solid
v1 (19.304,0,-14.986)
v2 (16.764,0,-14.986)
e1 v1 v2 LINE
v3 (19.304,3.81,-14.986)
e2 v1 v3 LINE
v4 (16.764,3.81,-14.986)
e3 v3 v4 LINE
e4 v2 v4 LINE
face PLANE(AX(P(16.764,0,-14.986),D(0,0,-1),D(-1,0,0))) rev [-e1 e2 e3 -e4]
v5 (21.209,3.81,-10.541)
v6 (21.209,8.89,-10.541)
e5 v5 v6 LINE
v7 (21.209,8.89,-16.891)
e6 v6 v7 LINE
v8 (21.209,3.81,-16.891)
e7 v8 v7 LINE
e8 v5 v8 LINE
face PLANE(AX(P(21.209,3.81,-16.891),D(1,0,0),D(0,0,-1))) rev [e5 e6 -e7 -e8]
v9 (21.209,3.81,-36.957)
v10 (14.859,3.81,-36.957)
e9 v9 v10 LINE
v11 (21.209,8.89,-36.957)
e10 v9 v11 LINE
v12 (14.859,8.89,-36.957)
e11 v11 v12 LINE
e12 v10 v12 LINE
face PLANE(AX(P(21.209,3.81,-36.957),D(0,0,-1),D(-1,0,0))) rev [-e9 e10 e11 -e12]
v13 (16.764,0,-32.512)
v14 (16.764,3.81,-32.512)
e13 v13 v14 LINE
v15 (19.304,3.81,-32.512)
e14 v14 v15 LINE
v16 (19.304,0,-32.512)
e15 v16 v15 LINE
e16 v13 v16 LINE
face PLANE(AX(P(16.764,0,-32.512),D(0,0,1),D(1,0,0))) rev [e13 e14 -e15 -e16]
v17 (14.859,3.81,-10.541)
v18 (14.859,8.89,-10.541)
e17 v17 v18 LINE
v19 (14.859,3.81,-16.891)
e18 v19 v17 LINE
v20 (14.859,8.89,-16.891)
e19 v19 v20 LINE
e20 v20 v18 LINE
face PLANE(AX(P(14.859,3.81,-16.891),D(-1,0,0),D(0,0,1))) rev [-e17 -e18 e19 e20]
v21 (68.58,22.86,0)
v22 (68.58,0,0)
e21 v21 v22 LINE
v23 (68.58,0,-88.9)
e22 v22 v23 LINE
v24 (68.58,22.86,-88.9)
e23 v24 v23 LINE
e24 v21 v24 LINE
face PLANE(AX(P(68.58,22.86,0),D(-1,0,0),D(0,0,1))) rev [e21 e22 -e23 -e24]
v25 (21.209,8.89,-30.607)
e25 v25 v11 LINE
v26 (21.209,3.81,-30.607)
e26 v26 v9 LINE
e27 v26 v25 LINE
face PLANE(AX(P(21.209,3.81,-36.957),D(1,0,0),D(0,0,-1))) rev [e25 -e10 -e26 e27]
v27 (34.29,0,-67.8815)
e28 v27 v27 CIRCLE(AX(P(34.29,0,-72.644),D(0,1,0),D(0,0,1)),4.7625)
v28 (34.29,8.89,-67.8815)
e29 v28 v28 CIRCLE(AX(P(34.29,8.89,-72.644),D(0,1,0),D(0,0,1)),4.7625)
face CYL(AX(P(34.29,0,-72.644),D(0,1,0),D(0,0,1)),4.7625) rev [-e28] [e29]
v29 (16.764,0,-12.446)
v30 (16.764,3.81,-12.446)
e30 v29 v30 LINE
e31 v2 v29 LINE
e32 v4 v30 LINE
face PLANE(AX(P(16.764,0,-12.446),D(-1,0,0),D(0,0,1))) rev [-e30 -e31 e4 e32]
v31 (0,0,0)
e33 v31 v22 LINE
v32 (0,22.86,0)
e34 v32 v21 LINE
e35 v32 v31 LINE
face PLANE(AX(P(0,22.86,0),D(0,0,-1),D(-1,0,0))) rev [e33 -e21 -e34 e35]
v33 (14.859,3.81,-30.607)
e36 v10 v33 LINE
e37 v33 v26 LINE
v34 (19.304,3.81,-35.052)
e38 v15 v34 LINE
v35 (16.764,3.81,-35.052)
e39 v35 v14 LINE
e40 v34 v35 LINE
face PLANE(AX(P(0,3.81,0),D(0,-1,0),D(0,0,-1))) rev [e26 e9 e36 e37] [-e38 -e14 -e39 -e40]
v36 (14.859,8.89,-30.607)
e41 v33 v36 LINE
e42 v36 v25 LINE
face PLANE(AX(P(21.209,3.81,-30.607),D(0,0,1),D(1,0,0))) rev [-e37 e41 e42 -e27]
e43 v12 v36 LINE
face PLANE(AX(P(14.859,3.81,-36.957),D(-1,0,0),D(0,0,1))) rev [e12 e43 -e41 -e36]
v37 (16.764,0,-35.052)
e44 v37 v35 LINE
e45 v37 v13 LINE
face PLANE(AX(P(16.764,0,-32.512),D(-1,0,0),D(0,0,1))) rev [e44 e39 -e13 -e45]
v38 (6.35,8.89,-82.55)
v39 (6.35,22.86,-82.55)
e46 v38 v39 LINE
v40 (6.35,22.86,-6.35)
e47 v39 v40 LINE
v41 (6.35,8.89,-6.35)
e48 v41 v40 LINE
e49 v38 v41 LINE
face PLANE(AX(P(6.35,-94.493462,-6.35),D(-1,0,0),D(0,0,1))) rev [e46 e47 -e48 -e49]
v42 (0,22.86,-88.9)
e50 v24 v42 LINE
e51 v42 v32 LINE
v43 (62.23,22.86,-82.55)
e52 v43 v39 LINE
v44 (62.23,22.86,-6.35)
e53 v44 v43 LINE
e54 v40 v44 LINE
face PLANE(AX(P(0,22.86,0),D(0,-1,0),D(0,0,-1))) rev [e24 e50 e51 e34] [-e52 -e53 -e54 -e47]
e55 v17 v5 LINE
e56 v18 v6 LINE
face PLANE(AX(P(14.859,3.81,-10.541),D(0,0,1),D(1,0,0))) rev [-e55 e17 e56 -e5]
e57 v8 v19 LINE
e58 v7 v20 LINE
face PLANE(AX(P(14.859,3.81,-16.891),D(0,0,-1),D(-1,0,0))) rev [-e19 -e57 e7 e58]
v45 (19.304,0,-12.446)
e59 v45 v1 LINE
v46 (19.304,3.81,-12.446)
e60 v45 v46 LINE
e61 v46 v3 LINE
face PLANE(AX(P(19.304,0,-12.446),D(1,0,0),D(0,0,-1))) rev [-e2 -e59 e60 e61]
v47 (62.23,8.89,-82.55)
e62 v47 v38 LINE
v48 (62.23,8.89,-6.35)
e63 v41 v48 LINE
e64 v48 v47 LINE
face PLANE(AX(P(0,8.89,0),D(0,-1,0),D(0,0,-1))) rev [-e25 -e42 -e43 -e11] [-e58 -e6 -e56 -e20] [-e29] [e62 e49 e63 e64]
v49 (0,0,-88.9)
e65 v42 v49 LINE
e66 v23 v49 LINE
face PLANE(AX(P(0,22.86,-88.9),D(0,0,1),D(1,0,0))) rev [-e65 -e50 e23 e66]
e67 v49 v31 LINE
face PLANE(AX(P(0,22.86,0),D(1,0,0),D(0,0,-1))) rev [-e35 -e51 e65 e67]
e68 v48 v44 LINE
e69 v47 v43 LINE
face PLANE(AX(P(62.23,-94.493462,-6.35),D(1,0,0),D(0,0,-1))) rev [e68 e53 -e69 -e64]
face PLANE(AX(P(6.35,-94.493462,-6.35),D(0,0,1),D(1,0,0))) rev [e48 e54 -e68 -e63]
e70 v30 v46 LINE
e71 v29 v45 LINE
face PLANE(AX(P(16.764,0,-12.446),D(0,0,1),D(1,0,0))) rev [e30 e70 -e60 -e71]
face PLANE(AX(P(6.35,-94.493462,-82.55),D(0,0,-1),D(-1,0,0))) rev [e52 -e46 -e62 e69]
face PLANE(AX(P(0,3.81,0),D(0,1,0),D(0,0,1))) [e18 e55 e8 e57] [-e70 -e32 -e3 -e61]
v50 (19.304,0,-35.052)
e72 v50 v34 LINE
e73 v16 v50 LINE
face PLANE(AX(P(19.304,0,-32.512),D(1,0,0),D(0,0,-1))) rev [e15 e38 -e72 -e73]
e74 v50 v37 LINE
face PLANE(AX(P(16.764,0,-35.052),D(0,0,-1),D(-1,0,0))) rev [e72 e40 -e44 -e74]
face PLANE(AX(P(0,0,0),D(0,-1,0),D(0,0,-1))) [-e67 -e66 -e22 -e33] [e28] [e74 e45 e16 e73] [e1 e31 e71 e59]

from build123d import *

# Parameters (mm, degrees)
SKETCH1_W           = 68.58
SKETCH1_H           = 88.9
BOSS_EXTRUDE1_DEPTH = 22.86
SKETCH2_W           = 55.88
SKETCH2_H           = 76.2
CUT_EXTRUDE1_DEPTH  = 13.97
SKETCH6_W           = 6.35
SKETCH6_H           = 6.35
CUT_EXTRUDE3_DEPTH  = 5.08
SKETCH7_W           = 2.54
SKETCH7_H           = 2.54
CUT_EXTRUDE4_DEPTH  = 114.882961412
SKETCH5_R           = 4.7625
CUT_EXTRUDE5_DEPTH  = 114.144099714


with BuildPart() as part:
    # Sketch1 → Boss-Extrude1 (new body)
    with BuildSketch(Plane(origin=(0, 0, 0), x_dir=(1, 0, 0), z_dir=(0, 1, 0))):
        with Locations((34.29, 44.45)):
            Rectangle(SKETCH1_W, SKETCH1_H)
    extrude(amount=BOSS_EXTRUDE1_DEPTH)

    # Sketch2 → Cut-Extrude1 (cut)
    with BuildSketch(Plane(origin=(0, 22.86, 0), x_dir=(1, 0, 0), z_dir=(0, 1, 0))):
        with Locations((34.29, 44.45)):
            Rectangle(SKETCH2_W, SKETCH2_H)
    extrude(amount=-CUT_EXTRUDE1_DEPTH, mode=Mode.SUBTRACT)

    # Sketch6 → Cut-Extrude3 (cut)
    with BuildSketch(Plane(origin=(0, 8.89, 0), x_dir=(1, 0, 0), z_dir=(0, 1, 0))):
        with Locations((18.034, 33.782)):
            Rectangle(SKETCH6_W, SKETCH6_H)
        with Locations((18.034, 13.716)):
            Rectangle(SKETCH6_W, SKETCH6_H)
    extrude(amount=-CUT_EXTRUDE3_DEPTH, mode=Mode.SUBTRACT)

    # Sketch7 → Cut-Extrude4 (cut, through all)
    with BuildSketch(Plane(origin=(0, 3.81, 0), x_dir=(1, 0, 0), z_dir=(0, 1, 0))):
        with Locations((18.034, 33.782)):
            Rectangle(SKETCH7_W, SKETCH7_H)
        with Locations((18.034, 13.716)):
            Rectangle(SKETCH7_W, SKETCH7_H)
    extrude(amount=-CUT_EXTRUDE4_DEPTH, mode=Mode.SUBTRACT)

    # Sketch5 → Cut-Extrude5 (cut, through all)
    with BuildSketch(Plane(origin=(0, 8.89, 0), x_dir=(1, 0, 0), z_dir=(0, 1, 0))):
        with Locations(Location((34.29, 72.644, 0), (0, 0, 270))):
            Circle(SKETCH5_R)
    extrude(amount=-CUT_EXTRUDE5_DEPTH, mode=Mode.SUBTRACT)


solid = part.part
